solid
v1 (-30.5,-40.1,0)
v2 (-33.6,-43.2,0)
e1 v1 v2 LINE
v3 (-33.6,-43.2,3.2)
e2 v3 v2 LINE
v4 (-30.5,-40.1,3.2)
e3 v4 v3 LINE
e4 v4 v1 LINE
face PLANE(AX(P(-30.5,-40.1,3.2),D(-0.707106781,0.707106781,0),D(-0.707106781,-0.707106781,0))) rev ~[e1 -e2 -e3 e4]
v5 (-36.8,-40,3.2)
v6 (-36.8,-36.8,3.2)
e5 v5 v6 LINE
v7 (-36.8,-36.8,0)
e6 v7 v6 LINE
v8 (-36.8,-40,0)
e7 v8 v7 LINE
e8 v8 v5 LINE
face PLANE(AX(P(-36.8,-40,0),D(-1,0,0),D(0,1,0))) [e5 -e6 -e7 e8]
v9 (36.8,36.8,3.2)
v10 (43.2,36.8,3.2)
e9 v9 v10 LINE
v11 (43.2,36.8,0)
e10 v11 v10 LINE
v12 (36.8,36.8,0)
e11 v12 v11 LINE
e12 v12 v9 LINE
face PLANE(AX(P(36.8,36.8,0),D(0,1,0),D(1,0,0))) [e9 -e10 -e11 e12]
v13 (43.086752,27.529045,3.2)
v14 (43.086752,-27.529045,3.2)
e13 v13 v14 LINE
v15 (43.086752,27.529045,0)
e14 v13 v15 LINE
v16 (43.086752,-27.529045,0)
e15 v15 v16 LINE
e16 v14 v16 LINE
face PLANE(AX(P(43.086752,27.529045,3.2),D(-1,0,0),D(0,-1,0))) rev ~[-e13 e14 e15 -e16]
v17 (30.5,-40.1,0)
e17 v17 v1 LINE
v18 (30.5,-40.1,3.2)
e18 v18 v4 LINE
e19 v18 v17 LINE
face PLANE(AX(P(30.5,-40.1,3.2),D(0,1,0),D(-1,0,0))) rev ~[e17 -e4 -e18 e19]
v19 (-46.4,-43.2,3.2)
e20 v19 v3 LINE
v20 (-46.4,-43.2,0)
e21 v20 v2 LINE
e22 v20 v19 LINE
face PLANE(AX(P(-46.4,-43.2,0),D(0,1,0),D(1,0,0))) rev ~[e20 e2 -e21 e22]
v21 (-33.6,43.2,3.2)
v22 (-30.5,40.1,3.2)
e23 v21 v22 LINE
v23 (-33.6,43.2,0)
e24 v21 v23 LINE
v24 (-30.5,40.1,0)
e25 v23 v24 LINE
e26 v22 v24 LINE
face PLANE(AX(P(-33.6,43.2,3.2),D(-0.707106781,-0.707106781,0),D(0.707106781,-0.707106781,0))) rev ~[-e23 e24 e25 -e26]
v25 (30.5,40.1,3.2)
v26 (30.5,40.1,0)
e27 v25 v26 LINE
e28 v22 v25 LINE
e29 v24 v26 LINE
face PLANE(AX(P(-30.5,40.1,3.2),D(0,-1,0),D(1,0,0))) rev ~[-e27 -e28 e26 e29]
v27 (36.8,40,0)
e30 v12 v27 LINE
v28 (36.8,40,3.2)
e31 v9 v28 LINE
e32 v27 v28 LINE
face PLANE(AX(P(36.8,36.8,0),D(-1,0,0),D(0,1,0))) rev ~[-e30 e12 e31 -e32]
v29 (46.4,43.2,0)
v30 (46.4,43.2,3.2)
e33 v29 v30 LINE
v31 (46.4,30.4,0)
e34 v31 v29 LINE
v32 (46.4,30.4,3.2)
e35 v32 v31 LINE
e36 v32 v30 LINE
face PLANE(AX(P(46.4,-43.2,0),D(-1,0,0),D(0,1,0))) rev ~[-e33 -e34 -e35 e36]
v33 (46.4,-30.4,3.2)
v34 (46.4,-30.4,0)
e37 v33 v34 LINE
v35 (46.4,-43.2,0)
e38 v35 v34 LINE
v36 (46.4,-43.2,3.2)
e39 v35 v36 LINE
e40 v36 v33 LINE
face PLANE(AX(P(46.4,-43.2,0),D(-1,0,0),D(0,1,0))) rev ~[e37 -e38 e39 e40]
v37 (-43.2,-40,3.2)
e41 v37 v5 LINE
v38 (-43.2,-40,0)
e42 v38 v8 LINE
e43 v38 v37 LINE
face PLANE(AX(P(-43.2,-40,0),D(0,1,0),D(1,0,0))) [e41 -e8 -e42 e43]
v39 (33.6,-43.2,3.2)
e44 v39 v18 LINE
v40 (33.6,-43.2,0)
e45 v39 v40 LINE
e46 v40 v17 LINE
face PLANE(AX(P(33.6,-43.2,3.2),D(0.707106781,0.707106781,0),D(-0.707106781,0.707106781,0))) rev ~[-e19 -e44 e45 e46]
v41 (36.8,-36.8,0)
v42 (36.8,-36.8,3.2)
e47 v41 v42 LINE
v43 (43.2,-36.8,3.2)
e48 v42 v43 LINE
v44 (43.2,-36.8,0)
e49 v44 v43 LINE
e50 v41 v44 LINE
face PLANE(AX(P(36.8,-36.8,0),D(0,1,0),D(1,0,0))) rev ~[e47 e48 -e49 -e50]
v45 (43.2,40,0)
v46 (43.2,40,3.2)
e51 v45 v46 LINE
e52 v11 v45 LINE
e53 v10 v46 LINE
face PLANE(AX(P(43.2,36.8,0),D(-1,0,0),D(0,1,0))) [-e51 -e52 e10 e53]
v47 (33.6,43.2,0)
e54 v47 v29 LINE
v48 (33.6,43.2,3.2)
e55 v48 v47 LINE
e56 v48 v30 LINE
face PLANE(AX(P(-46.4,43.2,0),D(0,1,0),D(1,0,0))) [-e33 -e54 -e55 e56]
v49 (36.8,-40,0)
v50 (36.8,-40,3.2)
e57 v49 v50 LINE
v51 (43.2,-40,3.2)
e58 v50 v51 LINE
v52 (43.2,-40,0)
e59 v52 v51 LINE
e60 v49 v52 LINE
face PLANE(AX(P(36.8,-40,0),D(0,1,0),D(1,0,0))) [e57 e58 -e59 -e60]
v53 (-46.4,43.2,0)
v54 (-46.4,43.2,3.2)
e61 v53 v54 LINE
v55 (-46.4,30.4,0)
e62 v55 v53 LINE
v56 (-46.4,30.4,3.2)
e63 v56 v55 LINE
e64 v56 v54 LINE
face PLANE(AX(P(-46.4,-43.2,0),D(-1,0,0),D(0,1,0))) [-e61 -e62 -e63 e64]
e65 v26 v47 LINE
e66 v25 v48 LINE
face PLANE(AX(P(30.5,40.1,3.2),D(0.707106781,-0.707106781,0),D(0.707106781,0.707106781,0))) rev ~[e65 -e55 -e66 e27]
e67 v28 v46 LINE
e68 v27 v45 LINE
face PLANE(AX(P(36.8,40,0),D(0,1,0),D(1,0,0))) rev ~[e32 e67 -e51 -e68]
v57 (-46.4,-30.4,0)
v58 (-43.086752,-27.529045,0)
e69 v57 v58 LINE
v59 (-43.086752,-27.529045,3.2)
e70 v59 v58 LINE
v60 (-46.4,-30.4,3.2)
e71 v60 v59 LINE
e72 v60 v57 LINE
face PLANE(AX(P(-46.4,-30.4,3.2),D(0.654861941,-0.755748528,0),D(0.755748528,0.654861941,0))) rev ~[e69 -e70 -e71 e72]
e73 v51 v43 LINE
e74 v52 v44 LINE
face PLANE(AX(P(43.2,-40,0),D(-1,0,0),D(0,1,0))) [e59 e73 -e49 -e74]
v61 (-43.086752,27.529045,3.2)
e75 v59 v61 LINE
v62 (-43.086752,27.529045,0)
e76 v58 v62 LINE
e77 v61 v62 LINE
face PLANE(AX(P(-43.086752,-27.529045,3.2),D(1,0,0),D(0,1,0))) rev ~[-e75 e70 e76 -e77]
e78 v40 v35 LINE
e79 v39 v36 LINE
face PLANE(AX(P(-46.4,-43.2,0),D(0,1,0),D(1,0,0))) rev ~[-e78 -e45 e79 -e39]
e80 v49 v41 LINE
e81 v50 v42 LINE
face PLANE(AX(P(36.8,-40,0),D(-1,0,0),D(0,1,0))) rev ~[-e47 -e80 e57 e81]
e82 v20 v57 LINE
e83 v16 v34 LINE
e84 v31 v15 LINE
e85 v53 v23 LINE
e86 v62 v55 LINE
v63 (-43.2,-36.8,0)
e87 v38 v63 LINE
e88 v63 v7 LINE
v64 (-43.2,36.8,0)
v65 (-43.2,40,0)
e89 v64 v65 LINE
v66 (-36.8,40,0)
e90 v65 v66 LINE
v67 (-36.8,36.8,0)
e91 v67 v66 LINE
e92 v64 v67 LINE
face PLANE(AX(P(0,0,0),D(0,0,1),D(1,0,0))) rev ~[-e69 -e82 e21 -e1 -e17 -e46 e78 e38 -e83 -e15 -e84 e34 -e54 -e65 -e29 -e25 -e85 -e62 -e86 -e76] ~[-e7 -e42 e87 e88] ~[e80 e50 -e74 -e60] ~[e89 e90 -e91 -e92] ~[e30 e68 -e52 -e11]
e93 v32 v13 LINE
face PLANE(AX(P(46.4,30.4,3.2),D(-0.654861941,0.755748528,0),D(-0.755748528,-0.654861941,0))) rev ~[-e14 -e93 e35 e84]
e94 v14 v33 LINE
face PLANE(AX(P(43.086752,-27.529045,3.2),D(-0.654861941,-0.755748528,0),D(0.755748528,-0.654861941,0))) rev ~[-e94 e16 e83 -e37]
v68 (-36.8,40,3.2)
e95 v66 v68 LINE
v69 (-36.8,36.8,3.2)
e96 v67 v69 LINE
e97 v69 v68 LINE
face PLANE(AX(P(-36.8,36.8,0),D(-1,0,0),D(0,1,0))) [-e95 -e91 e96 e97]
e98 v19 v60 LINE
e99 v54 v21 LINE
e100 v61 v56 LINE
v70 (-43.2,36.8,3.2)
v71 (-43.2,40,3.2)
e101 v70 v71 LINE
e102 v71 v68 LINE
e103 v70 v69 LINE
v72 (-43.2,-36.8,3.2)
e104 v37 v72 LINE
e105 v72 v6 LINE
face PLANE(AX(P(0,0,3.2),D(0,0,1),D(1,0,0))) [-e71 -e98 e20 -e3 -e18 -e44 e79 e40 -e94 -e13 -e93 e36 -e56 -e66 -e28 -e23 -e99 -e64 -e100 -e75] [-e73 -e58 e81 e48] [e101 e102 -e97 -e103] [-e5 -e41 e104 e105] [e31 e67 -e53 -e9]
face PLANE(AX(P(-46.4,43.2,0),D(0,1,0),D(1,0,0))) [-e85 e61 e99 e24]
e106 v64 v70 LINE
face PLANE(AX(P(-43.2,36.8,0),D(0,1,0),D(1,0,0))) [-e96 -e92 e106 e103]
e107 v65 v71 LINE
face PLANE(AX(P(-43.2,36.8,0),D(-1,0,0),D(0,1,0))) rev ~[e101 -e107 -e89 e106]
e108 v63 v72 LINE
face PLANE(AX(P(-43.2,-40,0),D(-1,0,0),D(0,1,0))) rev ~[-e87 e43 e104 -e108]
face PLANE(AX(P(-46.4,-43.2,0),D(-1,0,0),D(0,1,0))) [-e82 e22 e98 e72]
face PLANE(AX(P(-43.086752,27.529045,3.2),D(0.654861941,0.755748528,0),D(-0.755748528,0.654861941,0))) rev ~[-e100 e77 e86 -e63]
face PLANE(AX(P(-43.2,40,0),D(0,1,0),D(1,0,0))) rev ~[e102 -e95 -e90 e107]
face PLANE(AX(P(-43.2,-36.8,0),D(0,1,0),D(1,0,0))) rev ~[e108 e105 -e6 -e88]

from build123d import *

# Parameters (mm, degrees)
F0_W     = 92.8
F0_H     = 86.4
F0_W_2   = 6.4
F0_H_2   = 3.2
F1_DEPTH = 3.2
F3_DEPTH = 3.201


with BuildPart() as f1:
    # F0 (on Top) → F1 (new body)
    with BuildSketch(Plane.XY):
        Rectangle(F0_W, F0_H)
        with Locations((-40, -38.4)):
            Rectangle(F0_W_2, F0_H_2, mode=Mode.SUBTRACT)
        with Locations((40, -38.4)):
            Rectangle(F0_W_2, F0_H_2, mode=Mode.SUBTRACT)
        with Locations((-40, 38.4)):
            Rectangle(F0_W_2, F0_H_2, mode=Mode.SUBTRACT)
        with Locations((40, 38.4)):
            Rectangle(F0_W_2, F0_H_2, mode=Mode.SUBTRACT)
    extrude(amount=F1_DEPTH)

    # F2 (on face) → F3 (cut, through all)
    with BuildSketch(Plane.XY.offset(3.2)):
        Polygon((-33.6, -43.2), (33.6, -43.2), (30.5, -40.1), (0, -40.1), (-30.5, -40.1), align=None)
        Polygon((33.6, 43.2), (-33.6, 43.2), (-30.5, 40.1), (0, 40.1), (30.5, 40.1), align=None)
        Polygon((43.086752, -27.529045), (46.4, -30.4), (46.4, 30.4), (43.086752, 27.529045), (43.086752, 0), align=None)
        Polygon((-43.086752, 27.529045), (-46.4, 30.4), (-46.4, -30.4), (-43.086752, -27.529045), (-43.086752, 0), align=None)
    extrude(amount=-F3_DEPTH, mode=Mode.SUBTRACT)


solid = f1.part
